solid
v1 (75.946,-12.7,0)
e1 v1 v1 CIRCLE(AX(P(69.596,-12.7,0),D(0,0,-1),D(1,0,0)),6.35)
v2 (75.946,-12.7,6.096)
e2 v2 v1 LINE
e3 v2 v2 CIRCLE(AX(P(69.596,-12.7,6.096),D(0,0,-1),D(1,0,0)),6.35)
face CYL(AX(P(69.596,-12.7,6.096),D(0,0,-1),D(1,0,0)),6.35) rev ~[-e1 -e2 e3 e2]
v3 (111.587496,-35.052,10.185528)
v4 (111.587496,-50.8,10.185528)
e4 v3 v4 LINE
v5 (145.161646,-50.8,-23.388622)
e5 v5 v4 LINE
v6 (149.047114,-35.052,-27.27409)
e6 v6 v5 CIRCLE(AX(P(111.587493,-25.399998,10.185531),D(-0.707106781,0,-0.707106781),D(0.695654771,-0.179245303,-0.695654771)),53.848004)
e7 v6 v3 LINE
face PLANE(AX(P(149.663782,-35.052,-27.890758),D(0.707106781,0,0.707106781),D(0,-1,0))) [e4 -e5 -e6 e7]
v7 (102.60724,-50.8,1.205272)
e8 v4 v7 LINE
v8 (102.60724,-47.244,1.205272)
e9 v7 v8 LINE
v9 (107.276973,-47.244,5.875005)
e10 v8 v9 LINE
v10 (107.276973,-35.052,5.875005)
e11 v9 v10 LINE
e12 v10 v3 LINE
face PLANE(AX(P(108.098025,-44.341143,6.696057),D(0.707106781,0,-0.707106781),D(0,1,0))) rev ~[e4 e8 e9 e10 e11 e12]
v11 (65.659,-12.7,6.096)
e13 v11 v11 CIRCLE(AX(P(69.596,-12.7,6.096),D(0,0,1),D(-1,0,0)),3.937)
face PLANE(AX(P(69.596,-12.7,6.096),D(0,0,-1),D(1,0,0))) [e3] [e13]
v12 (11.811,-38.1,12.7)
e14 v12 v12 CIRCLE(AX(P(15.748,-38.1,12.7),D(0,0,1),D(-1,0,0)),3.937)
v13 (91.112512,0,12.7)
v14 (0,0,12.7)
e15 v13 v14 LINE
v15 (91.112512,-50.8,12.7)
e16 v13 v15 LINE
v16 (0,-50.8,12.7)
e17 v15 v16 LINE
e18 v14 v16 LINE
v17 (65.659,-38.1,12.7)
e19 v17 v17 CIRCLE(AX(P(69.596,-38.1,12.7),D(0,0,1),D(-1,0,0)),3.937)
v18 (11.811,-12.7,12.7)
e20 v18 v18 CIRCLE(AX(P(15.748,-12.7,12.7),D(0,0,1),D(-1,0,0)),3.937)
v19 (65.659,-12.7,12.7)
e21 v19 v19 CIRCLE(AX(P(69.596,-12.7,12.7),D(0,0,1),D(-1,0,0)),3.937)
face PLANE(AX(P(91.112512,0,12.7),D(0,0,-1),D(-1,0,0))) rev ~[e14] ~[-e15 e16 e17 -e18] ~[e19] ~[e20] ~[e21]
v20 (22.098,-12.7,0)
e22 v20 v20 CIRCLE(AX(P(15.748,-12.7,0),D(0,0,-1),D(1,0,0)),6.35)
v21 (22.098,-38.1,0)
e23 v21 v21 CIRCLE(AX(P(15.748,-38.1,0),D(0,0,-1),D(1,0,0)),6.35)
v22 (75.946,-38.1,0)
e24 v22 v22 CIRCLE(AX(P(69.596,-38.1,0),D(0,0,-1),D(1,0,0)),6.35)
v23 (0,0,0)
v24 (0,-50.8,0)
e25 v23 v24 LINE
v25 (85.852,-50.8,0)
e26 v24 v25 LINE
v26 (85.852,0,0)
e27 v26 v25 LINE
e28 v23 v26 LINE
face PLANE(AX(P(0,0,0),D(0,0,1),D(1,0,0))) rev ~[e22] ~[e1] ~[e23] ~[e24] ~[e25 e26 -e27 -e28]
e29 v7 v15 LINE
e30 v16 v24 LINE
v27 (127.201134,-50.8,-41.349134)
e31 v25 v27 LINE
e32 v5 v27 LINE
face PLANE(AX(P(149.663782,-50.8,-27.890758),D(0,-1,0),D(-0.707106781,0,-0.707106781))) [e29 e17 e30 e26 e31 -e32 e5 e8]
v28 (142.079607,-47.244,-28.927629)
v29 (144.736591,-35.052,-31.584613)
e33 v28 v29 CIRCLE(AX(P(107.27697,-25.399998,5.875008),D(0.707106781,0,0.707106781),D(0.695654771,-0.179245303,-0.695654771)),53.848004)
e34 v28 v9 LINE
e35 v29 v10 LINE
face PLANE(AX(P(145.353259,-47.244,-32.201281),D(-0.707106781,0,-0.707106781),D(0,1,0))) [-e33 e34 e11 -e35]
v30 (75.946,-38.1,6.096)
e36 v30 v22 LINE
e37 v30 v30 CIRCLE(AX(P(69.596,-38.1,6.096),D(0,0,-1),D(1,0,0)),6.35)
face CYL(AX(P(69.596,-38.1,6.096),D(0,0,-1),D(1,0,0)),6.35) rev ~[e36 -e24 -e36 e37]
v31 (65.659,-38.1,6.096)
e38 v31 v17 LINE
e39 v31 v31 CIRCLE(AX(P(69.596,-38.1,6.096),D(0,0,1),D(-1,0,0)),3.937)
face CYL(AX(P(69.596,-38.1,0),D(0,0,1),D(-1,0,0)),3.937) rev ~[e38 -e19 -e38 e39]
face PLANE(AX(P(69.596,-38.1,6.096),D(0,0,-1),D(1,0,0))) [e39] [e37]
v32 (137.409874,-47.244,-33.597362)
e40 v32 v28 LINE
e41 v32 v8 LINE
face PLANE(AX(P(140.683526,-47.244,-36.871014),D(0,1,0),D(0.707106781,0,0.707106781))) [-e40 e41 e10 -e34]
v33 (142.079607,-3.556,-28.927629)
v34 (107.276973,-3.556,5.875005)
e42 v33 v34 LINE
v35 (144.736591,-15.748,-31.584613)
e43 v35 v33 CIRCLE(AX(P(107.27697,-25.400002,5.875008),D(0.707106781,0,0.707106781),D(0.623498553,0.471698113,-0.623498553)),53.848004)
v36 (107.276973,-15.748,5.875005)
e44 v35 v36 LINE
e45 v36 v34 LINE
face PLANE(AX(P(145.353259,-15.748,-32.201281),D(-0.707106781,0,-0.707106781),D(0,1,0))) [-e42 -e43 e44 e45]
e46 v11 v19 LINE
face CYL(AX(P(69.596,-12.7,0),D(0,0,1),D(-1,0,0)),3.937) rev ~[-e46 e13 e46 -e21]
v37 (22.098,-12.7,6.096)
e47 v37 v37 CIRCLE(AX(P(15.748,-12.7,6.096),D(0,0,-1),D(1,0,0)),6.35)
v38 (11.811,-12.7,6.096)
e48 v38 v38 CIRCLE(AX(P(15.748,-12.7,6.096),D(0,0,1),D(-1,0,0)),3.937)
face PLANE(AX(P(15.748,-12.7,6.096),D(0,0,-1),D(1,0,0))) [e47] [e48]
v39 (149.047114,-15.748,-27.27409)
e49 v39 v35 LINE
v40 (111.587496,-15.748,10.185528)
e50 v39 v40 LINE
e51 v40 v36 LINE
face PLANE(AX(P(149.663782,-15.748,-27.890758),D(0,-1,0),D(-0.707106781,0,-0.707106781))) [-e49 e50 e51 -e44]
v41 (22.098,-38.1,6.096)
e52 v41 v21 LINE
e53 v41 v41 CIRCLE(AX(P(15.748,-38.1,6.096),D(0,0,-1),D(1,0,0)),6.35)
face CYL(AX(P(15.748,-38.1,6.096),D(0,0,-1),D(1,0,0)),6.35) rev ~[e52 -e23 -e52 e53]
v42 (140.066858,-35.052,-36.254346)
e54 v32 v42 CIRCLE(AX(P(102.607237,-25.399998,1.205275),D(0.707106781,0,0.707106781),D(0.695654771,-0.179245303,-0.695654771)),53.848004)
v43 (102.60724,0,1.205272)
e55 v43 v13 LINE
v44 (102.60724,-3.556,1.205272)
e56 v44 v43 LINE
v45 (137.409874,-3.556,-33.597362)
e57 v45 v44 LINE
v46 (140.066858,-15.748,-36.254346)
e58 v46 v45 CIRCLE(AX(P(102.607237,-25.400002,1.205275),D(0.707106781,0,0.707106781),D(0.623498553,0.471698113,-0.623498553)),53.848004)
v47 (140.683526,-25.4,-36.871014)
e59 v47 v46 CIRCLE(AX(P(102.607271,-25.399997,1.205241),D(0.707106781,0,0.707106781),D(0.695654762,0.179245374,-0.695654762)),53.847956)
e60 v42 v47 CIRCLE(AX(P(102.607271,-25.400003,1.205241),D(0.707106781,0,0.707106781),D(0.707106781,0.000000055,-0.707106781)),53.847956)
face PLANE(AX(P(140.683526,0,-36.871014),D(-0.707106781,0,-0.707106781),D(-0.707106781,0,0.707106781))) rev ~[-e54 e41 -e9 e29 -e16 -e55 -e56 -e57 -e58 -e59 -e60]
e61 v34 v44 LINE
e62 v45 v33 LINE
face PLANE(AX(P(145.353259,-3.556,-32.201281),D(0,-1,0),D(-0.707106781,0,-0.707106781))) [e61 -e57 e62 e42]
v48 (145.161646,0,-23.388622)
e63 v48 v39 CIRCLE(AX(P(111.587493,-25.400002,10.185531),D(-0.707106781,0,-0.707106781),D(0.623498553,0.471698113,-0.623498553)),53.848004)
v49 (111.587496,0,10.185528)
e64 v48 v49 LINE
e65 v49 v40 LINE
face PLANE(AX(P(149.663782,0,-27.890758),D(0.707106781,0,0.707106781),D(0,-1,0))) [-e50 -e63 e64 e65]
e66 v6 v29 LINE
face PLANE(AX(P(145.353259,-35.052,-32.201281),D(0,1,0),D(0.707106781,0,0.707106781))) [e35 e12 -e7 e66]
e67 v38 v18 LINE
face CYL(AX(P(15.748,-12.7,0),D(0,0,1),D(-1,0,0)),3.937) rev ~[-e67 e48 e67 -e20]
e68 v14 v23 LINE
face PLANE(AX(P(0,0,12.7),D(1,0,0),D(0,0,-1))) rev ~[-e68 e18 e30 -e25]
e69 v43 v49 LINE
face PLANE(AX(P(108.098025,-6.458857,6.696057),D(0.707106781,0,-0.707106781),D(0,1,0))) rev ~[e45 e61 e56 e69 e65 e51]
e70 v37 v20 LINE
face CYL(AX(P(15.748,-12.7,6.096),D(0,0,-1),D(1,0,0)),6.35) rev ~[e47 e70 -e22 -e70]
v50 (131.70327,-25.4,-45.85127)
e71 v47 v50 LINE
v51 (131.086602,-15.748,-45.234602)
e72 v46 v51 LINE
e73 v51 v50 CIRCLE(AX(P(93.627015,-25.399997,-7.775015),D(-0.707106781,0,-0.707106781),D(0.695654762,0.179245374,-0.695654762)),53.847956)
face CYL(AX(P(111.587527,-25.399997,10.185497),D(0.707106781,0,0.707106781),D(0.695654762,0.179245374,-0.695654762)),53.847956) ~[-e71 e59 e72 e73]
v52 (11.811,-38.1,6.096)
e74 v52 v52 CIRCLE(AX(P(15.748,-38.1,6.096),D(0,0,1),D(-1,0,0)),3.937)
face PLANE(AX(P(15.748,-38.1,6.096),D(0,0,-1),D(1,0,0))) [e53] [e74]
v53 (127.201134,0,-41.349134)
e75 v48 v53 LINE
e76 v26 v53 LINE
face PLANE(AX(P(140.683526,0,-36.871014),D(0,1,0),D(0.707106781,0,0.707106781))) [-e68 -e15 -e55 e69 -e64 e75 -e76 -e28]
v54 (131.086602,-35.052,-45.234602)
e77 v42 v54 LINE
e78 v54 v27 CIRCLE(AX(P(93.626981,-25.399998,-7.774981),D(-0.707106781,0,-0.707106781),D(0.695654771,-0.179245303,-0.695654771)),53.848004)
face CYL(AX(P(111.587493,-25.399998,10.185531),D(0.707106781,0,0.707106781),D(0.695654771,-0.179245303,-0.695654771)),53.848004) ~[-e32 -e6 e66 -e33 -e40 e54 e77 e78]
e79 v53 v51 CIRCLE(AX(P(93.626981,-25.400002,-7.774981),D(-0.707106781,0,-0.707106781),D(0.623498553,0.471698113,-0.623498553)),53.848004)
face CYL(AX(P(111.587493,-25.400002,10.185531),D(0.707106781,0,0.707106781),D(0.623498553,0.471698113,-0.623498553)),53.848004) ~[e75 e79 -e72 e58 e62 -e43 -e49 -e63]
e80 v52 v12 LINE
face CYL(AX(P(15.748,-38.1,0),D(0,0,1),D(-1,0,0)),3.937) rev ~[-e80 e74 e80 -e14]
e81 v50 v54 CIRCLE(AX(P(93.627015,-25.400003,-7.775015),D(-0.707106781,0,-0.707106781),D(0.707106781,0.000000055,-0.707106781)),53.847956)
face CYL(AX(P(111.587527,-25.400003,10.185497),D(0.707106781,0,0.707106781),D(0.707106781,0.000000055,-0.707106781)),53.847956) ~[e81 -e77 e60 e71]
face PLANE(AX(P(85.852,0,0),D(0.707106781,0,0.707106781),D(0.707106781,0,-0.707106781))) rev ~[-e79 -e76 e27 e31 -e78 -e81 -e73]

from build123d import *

# Parameters (mm, degrees)
F1_DEPTH       = 50.8
F3_D           = 7.874
F3_CBORE_D     = 12.7
F3_CBORE_DEPTH = 6.096
F4_D           = 7.874
F4_CBORE_D     = 12.7
F4_CBORE_DEPTH = 6.096
F6_DEPTH       = 53.848
F8_DEPTH       = 53.848
F10_DEPTH      = 25.4


with BuildPart() as f1:
    # F0 (on Front) → F1 (new body)
    with BuildSketch(Plane.XZ):
        Polygon((0, 12.7), (0, 0), (85.852, 0), (131.70327, -45.85127), (140.683526, -36.871014), (91.112512, 12.7), align=None)
    extrude(amount=F1_DEPTH)

    # F3 (through all)
    with Locations(Plane(origin=(0, 0, 0), x_dir=(1, 0, 0), z_dir=(0, 0, -1))):
        with Locations((15.748, 38.1)):
            CounterBoreHole(F3_D / 2, F3_CBORE_D / 2, F3_CBORE_DEPTH)

    # F4 (through all)
    with Locations(Plane(origin=(0, 0, 0), x_dir=(1, 0, 0), z_dir=(0, 0, -1))):
        with Locations((69.596, 38.1), (69.596, 12.7), (15.748, 12.7)):
            CounterBoreHole(F4_D / 2, F4_CBORE_D / 2, F4_CBORE_DEPTH)

    # F5 (on face) → F6 (join)
    with BuildSketch(Plane(origin=(88.77727, 0, -88.77727), x_dir=(0, 1, 0), z_dir=(0.707107, 0, -0.707107))):
        Polygon((-3.556, 73.406531), (0, 73.406531), (0, 86.106531), (-15.748, 86.106531), (-15.748, 80.010531), (-3.556, 80.010531), align=None)
    extrude(amount=-F6_DEPTH)

    # F7 (on face) → F8 (join)
    with BuildSketch(Plane(origin=(88.77727, 0, -88.77727), x_dir=(0, 1, 0), z_dir=(0.707107, 0, -0.707107))):
        Polygon((-50.8, 86.106531), (-50.8, 73.406531), (-47.244, 73.406531), (-47.244, 80.010531), (-35.052, 80.010531), (-35.052, 86.106531), align=None)
    extrude(amount=-F8_DEPTH)

    # F9 (on face) → F10 (cut)
    with BuildSketch(Plane(origin=(60.886512, 0, 60.886512), x_dir=(0.707107, 0, -0.707107), z_dir=(0.707107, 0, 0.707107))):
        with BuildLine():
            Line((125.550019, -35.052), (124.677919, -35.052))
            ThreePointArc((124.677919, -35.052), (122.543911, -43.140042), (119.183037, -50.8))
            Line((119.183037, -50.8), (125.550019, -50.8))
            Line((125.550019, -50.8), (125.550019, -35.052))
        make_face()
        with BuildLine():
            ThreePointArc((124.677919, -15.748), (125.331551, -20.554341), (125.550019, -25.4))
            Line((125.550019, -25.4), (125.550019, -15.748))
            Line((125.550019, -15.748), (124.677919, -15.748))
        make_face()
        with BuildLine():
            Line((125.550019, -35.052), (125.550019, -25.4))
            ThreePointArc((125.550019, -25.4), (125.331551, -30.245659), (124.677919, -35.052))
            Line((124.677919, -35.052), (125.550019, -35.052))
        make_face()
        with BuildLine():
            ThreePointArc((119.183037, 0), (122.543911, -7.659958), (124.677919, -15.748))
            Line((124.677919, -15.748), (125.550019, -15.748))
            Line((125.550019, -15.748), (125.550019, 0))
            Line((125.550019, 0), (119.183037, 0))
        make_face()
    extrude(amount=-F10_DEPTH, mode=Mode.SUBTRACT)


solid = f1.part
